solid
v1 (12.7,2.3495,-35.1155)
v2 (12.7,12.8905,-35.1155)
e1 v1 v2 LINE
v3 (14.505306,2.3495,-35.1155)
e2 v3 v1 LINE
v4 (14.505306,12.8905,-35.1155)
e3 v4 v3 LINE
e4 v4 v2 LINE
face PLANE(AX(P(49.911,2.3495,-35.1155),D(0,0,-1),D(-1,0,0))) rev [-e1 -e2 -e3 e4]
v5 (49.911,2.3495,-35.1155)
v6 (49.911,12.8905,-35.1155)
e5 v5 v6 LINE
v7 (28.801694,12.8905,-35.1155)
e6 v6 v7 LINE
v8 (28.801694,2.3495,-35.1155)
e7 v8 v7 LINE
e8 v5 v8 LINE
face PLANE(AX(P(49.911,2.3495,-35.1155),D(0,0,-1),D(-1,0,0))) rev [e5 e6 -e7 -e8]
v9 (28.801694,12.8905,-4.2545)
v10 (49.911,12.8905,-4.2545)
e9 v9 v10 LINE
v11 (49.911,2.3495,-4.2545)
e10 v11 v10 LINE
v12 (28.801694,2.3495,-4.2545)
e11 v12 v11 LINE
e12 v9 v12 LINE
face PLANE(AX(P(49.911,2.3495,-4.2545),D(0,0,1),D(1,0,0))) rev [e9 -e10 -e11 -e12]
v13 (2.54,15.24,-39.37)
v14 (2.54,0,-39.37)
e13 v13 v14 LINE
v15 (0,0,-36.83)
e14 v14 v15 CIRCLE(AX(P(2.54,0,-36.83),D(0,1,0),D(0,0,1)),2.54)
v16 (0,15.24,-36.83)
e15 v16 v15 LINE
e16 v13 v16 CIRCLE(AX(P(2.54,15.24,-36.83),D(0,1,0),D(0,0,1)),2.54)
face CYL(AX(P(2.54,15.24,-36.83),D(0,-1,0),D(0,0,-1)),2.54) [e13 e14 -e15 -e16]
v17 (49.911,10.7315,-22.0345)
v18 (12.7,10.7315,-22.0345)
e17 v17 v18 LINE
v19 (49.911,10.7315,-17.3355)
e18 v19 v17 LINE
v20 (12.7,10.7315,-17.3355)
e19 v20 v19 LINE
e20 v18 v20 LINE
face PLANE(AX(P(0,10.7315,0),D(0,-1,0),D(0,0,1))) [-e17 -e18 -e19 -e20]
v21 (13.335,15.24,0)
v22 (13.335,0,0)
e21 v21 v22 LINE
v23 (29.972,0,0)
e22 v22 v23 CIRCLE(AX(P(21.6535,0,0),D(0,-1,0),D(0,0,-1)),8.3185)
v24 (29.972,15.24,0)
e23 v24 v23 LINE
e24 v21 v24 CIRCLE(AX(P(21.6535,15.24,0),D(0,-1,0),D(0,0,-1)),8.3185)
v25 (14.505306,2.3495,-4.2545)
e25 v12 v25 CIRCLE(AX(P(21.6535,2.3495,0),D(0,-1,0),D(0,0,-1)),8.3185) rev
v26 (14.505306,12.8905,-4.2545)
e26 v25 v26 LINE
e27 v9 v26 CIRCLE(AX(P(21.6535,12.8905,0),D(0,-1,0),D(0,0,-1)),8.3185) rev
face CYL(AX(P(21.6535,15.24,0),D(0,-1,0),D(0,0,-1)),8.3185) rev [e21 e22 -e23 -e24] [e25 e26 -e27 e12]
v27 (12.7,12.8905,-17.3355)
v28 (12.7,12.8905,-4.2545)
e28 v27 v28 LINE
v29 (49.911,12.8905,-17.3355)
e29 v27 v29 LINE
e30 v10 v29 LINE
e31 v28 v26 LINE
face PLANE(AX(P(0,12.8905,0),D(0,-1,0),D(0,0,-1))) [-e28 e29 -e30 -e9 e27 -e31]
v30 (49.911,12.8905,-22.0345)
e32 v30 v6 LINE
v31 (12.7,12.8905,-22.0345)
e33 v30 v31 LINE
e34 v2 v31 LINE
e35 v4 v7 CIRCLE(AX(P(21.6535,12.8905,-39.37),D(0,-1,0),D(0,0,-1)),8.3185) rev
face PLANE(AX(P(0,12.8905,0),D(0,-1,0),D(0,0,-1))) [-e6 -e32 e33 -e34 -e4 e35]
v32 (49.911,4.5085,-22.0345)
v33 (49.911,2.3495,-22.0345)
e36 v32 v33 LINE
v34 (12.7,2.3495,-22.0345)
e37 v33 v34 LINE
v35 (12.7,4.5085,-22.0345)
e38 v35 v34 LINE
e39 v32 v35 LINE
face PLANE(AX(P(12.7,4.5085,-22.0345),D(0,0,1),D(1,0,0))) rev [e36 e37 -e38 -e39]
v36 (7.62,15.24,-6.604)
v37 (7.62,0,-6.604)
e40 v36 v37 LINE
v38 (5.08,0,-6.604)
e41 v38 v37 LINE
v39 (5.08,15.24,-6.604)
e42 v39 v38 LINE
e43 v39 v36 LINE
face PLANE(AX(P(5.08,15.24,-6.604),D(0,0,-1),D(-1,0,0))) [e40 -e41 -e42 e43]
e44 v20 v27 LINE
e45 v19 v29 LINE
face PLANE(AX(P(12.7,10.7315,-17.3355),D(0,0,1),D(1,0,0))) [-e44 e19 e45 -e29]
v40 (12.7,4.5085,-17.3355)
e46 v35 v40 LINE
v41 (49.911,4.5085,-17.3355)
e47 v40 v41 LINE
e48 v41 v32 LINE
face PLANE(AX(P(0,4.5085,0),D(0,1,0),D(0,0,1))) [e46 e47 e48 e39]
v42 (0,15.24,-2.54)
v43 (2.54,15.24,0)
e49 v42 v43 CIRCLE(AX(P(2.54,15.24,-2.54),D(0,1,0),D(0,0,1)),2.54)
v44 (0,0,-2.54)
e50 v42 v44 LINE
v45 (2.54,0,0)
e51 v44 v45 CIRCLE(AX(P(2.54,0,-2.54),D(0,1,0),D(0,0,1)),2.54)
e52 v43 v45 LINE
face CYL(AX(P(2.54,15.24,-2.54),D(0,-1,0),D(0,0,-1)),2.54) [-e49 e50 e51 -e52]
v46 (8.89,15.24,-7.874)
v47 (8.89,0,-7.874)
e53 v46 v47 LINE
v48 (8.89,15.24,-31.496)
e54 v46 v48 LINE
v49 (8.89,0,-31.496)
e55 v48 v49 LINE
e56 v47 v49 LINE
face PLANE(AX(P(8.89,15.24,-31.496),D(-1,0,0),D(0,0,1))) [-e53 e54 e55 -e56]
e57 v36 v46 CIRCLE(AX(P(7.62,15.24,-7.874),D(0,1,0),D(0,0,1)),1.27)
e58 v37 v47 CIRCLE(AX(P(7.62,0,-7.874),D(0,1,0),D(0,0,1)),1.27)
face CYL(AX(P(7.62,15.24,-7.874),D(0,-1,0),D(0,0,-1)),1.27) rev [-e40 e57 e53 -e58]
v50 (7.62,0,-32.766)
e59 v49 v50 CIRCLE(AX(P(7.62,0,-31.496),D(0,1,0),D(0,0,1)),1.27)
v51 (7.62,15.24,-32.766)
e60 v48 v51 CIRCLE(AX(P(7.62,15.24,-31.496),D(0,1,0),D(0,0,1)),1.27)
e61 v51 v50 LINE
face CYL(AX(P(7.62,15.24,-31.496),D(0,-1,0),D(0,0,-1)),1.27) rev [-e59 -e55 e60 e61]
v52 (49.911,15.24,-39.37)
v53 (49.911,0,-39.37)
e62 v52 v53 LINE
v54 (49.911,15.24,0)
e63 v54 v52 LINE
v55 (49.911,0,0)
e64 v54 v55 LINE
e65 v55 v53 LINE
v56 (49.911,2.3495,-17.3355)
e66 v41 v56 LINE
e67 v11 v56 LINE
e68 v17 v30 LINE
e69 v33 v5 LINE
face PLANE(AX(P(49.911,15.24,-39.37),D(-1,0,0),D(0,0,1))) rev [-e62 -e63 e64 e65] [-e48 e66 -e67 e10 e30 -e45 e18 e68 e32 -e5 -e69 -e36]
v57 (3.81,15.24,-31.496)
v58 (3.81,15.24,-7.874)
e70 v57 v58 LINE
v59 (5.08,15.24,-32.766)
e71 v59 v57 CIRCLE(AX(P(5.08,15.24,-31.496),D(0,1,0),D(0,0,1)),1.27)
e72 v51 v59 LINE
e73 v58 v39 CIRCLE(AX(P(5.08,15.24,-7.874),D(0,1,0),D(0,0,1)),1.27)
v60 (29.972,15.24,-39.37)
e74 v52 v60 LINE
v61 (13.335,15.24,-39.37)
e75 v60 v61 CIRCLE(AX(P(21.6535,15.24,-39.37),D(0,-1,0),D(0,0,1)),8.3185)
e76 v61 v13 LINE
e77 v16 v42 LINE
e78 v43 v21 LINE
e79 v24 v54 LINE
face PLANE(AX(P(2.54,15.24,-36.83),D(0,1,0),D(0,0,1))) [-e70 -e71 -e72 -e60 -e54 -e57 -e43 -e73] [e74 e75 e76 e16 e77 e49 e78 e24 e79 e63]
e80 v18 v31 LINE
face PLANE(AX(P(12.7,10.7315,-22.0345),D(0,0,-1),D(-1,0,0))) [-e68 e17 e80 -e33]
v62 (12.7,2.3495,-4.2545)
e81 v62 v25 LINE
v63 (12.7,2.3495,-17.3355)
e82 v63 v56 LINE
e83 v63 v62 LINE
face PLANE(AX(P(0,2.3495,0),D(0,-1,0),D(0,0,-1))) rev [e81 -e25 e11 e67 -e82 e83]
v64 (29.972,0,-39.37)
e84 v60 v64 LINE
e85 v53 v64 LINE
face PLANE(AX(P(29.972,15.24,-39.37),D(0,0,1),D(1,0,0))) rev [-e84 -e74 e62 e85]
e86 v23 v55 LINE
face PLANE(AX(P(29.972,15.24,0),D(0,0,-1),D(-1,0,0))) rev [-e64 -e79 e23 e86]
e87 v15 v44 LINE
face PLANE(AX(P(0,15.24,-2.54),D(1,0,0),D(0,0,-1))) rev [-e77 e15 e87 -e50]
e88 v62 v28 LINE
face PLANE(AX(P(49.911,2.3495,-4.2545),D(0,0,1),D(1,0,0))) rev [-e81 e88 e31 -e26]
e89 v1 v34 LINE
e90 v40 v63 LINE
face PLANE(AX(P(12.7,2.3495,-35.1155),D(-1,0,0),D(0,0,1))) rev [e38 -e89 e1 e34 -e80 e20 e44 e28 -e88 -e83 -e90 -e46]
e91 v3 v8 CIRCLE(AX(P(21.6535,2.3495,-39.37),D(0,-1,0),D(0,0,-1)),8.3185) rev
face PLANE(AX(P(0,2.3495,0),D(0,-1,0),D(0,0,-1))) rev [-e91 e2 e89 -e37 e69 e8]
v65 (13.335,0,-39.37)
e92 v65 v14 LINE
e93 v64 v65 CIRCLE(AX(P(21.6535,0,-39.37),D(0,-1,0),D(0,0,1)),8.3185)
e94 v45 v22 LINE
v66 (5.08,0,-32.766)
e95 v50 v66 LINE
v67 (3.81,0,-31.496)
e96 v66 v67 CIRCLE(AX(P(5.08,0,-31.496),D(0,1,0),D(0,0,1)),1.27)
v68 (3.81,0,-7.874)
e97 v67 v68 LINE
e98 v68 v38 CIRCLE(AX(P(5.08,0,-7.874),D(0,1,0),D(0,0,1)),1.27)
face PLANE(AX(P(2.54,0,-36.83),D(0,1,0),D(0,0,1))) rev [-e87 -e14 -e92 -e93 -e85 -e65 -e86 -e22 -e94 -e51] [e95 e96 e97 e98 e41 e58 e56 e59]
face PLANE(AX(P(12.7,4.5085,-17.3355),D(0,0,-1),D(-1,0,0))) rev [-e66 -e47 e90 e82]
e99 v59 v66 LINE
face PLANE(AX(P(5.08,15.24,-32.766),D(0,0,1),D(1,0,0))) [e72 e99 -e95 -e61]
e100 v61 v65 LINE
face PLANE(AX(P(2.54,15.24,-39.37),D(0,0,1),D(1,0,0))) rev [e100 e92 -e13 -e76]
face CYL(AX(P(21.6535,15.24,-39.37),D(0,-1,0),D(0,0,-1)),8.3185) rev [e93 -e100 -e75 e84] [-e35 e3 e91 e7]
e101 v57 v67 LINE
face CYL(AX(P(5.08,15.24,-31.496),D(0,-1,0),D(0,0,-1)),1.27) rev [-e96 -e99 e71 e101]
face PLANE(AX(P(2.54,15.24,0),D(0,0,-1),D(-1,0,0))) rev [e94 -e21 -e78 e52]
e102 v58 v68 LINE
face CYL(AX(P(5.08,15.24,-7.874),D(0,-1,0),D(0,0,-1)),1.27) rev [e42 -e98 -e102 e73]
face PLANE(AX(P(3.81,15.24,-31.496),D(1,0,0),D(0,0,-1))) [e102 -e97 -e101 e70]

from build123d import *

# Parameters (mm, degrees)
BOSS_EXTRUDE1_DEPTH = 15.24
BOSS_EXTRUDE2_DEPTH = 15.24
SKETCH6_W           = 37.211
SKETCH6_H           = 30.861
CUT_EXTRUDE1_DEPTH  = 5.2705
SKETCH7_W           = 37.211
SKETCH7_H           = 4.699
BOSS_EXTRUDE3_DEPTH = 2.159


with BuildPart() as part:
    # Sketch3 → Boss-Extrude1 (new body)
    with BuildSketch(Plane(origin=(0, 0, 0), x_dir=(1, 0, 0), z_dir=(0, 1, 0))):
        with BuildLine():
            Line((2.54, 0), (10.16, 0))
            Line((10.16, 0), (12.7, 0))
            Line((12.7, 0), (12.7, 2.54))
            Line((12.7, 2.54), (12.7, 36.83))
            Line((12.7, 36.83), (12.7, 39.37))
            Line((12.7, 39.37), (10.16, 39.37))
            Line((10.16, 39.37), (2.54, 39.37))
            ThreePointArc((2.54, 39.37), (0.743948776, 38.626051224), (0, 36.83))
            Line((0, 36.83), (0, 2.54))
            ThreePointArc((0, 2.54), (0.743948776, 0.743948776), (2.54, 0))
        make_face()
        with BuildLine():
            Line((5.08, 6.604), (7.62, 6.604))
            ThreePointArc((7.62, 6.604), (8.518025612, 6.975974388), (8.89, 7.874))
            Line((8.89, 7.874), (8.89, 31.496))
            ThreePointArc((8.89, 31.496), (8.518025612, 32.394025612), (7.62, 32.766))
            Line((7.62, 32.766), (5.08, 32.766))
            ThreePointArc((5.08, 32.766), (4.181974388, 32.394025612), (3.81, 31.496))
            Line((3.81, 31.496), (3.81, 7.874))
            ThreePointArc((3.81, 7.874), (4.181974388, 6.975974388), (5.08, 6.604))
        make_face(mode=Mode.SUBTRACT)
    extrude(amount=BOSS_EXTRUDE1_DEPTH)

    # Sketch4 → Boss-Extrude2 (add)
    with BuildSketch(Plane(origin=(0, 0, 0), x_dir=(1, 0, 0), z_dir=(0, 1, 0))):
        with BuildLine():
            Line((12.7, 39.37), (13.335, 39.37))
            ThreePointArc((13.335, 39.37), (21.6535, 31.0515), (29.972, 39.37))
            Line((29.972, 39.37), (49.911, 39.37))
            Line((49.911, 39.37), (49.911, 0))
            Line((49.911, 0), (29.972, 0))
            ThreePointArc((29.972, 0), (21.6535, 8.3185), (13.335, 0))
            Line((13.335, 0), (12.7, 0))
            Line((12.7, 0), (12.7, 39.37))
        make_face()
    extrude(amount=BOSS_EXTRUDE2_DEPTH)

    # Sketch6 → Cut-Extrude1 (cut, symmetric)
    with BuildSketch(Plane(origin=(0, 7.62, 0), x_dir=(1, 0, 0), z_dir=(0, 1, 0))):
        with Locations((31.3055, 19.685)):
            Rectangle(SKETCH6_W, SKETCH6_H)
    extrude(amount=CUT_EXTRUDE1_DEPTH, both=True, mode=Mode.SUBTRACT)

    # Sketch7 → Boss-Extrude3 (add)
    with BuildSketch(Plane(origin=(0, 2.3495, 0), x_dir=(1, 0, 0), z_dir=(0, 1, 0))):
        with Locations((31.3055, 19.685)):
            Rectangle(SKETCH7_W, SKETCH7_H)
    boss_extrude3 = extrude(amount=BOSS_EXTRUDE3_DEPTH)

    # Mirror1: Boss-Extrude3 across plane
    add(boss_extrude3.mirror(Plane.ZX.offset(7.62)))


solid = part.part
